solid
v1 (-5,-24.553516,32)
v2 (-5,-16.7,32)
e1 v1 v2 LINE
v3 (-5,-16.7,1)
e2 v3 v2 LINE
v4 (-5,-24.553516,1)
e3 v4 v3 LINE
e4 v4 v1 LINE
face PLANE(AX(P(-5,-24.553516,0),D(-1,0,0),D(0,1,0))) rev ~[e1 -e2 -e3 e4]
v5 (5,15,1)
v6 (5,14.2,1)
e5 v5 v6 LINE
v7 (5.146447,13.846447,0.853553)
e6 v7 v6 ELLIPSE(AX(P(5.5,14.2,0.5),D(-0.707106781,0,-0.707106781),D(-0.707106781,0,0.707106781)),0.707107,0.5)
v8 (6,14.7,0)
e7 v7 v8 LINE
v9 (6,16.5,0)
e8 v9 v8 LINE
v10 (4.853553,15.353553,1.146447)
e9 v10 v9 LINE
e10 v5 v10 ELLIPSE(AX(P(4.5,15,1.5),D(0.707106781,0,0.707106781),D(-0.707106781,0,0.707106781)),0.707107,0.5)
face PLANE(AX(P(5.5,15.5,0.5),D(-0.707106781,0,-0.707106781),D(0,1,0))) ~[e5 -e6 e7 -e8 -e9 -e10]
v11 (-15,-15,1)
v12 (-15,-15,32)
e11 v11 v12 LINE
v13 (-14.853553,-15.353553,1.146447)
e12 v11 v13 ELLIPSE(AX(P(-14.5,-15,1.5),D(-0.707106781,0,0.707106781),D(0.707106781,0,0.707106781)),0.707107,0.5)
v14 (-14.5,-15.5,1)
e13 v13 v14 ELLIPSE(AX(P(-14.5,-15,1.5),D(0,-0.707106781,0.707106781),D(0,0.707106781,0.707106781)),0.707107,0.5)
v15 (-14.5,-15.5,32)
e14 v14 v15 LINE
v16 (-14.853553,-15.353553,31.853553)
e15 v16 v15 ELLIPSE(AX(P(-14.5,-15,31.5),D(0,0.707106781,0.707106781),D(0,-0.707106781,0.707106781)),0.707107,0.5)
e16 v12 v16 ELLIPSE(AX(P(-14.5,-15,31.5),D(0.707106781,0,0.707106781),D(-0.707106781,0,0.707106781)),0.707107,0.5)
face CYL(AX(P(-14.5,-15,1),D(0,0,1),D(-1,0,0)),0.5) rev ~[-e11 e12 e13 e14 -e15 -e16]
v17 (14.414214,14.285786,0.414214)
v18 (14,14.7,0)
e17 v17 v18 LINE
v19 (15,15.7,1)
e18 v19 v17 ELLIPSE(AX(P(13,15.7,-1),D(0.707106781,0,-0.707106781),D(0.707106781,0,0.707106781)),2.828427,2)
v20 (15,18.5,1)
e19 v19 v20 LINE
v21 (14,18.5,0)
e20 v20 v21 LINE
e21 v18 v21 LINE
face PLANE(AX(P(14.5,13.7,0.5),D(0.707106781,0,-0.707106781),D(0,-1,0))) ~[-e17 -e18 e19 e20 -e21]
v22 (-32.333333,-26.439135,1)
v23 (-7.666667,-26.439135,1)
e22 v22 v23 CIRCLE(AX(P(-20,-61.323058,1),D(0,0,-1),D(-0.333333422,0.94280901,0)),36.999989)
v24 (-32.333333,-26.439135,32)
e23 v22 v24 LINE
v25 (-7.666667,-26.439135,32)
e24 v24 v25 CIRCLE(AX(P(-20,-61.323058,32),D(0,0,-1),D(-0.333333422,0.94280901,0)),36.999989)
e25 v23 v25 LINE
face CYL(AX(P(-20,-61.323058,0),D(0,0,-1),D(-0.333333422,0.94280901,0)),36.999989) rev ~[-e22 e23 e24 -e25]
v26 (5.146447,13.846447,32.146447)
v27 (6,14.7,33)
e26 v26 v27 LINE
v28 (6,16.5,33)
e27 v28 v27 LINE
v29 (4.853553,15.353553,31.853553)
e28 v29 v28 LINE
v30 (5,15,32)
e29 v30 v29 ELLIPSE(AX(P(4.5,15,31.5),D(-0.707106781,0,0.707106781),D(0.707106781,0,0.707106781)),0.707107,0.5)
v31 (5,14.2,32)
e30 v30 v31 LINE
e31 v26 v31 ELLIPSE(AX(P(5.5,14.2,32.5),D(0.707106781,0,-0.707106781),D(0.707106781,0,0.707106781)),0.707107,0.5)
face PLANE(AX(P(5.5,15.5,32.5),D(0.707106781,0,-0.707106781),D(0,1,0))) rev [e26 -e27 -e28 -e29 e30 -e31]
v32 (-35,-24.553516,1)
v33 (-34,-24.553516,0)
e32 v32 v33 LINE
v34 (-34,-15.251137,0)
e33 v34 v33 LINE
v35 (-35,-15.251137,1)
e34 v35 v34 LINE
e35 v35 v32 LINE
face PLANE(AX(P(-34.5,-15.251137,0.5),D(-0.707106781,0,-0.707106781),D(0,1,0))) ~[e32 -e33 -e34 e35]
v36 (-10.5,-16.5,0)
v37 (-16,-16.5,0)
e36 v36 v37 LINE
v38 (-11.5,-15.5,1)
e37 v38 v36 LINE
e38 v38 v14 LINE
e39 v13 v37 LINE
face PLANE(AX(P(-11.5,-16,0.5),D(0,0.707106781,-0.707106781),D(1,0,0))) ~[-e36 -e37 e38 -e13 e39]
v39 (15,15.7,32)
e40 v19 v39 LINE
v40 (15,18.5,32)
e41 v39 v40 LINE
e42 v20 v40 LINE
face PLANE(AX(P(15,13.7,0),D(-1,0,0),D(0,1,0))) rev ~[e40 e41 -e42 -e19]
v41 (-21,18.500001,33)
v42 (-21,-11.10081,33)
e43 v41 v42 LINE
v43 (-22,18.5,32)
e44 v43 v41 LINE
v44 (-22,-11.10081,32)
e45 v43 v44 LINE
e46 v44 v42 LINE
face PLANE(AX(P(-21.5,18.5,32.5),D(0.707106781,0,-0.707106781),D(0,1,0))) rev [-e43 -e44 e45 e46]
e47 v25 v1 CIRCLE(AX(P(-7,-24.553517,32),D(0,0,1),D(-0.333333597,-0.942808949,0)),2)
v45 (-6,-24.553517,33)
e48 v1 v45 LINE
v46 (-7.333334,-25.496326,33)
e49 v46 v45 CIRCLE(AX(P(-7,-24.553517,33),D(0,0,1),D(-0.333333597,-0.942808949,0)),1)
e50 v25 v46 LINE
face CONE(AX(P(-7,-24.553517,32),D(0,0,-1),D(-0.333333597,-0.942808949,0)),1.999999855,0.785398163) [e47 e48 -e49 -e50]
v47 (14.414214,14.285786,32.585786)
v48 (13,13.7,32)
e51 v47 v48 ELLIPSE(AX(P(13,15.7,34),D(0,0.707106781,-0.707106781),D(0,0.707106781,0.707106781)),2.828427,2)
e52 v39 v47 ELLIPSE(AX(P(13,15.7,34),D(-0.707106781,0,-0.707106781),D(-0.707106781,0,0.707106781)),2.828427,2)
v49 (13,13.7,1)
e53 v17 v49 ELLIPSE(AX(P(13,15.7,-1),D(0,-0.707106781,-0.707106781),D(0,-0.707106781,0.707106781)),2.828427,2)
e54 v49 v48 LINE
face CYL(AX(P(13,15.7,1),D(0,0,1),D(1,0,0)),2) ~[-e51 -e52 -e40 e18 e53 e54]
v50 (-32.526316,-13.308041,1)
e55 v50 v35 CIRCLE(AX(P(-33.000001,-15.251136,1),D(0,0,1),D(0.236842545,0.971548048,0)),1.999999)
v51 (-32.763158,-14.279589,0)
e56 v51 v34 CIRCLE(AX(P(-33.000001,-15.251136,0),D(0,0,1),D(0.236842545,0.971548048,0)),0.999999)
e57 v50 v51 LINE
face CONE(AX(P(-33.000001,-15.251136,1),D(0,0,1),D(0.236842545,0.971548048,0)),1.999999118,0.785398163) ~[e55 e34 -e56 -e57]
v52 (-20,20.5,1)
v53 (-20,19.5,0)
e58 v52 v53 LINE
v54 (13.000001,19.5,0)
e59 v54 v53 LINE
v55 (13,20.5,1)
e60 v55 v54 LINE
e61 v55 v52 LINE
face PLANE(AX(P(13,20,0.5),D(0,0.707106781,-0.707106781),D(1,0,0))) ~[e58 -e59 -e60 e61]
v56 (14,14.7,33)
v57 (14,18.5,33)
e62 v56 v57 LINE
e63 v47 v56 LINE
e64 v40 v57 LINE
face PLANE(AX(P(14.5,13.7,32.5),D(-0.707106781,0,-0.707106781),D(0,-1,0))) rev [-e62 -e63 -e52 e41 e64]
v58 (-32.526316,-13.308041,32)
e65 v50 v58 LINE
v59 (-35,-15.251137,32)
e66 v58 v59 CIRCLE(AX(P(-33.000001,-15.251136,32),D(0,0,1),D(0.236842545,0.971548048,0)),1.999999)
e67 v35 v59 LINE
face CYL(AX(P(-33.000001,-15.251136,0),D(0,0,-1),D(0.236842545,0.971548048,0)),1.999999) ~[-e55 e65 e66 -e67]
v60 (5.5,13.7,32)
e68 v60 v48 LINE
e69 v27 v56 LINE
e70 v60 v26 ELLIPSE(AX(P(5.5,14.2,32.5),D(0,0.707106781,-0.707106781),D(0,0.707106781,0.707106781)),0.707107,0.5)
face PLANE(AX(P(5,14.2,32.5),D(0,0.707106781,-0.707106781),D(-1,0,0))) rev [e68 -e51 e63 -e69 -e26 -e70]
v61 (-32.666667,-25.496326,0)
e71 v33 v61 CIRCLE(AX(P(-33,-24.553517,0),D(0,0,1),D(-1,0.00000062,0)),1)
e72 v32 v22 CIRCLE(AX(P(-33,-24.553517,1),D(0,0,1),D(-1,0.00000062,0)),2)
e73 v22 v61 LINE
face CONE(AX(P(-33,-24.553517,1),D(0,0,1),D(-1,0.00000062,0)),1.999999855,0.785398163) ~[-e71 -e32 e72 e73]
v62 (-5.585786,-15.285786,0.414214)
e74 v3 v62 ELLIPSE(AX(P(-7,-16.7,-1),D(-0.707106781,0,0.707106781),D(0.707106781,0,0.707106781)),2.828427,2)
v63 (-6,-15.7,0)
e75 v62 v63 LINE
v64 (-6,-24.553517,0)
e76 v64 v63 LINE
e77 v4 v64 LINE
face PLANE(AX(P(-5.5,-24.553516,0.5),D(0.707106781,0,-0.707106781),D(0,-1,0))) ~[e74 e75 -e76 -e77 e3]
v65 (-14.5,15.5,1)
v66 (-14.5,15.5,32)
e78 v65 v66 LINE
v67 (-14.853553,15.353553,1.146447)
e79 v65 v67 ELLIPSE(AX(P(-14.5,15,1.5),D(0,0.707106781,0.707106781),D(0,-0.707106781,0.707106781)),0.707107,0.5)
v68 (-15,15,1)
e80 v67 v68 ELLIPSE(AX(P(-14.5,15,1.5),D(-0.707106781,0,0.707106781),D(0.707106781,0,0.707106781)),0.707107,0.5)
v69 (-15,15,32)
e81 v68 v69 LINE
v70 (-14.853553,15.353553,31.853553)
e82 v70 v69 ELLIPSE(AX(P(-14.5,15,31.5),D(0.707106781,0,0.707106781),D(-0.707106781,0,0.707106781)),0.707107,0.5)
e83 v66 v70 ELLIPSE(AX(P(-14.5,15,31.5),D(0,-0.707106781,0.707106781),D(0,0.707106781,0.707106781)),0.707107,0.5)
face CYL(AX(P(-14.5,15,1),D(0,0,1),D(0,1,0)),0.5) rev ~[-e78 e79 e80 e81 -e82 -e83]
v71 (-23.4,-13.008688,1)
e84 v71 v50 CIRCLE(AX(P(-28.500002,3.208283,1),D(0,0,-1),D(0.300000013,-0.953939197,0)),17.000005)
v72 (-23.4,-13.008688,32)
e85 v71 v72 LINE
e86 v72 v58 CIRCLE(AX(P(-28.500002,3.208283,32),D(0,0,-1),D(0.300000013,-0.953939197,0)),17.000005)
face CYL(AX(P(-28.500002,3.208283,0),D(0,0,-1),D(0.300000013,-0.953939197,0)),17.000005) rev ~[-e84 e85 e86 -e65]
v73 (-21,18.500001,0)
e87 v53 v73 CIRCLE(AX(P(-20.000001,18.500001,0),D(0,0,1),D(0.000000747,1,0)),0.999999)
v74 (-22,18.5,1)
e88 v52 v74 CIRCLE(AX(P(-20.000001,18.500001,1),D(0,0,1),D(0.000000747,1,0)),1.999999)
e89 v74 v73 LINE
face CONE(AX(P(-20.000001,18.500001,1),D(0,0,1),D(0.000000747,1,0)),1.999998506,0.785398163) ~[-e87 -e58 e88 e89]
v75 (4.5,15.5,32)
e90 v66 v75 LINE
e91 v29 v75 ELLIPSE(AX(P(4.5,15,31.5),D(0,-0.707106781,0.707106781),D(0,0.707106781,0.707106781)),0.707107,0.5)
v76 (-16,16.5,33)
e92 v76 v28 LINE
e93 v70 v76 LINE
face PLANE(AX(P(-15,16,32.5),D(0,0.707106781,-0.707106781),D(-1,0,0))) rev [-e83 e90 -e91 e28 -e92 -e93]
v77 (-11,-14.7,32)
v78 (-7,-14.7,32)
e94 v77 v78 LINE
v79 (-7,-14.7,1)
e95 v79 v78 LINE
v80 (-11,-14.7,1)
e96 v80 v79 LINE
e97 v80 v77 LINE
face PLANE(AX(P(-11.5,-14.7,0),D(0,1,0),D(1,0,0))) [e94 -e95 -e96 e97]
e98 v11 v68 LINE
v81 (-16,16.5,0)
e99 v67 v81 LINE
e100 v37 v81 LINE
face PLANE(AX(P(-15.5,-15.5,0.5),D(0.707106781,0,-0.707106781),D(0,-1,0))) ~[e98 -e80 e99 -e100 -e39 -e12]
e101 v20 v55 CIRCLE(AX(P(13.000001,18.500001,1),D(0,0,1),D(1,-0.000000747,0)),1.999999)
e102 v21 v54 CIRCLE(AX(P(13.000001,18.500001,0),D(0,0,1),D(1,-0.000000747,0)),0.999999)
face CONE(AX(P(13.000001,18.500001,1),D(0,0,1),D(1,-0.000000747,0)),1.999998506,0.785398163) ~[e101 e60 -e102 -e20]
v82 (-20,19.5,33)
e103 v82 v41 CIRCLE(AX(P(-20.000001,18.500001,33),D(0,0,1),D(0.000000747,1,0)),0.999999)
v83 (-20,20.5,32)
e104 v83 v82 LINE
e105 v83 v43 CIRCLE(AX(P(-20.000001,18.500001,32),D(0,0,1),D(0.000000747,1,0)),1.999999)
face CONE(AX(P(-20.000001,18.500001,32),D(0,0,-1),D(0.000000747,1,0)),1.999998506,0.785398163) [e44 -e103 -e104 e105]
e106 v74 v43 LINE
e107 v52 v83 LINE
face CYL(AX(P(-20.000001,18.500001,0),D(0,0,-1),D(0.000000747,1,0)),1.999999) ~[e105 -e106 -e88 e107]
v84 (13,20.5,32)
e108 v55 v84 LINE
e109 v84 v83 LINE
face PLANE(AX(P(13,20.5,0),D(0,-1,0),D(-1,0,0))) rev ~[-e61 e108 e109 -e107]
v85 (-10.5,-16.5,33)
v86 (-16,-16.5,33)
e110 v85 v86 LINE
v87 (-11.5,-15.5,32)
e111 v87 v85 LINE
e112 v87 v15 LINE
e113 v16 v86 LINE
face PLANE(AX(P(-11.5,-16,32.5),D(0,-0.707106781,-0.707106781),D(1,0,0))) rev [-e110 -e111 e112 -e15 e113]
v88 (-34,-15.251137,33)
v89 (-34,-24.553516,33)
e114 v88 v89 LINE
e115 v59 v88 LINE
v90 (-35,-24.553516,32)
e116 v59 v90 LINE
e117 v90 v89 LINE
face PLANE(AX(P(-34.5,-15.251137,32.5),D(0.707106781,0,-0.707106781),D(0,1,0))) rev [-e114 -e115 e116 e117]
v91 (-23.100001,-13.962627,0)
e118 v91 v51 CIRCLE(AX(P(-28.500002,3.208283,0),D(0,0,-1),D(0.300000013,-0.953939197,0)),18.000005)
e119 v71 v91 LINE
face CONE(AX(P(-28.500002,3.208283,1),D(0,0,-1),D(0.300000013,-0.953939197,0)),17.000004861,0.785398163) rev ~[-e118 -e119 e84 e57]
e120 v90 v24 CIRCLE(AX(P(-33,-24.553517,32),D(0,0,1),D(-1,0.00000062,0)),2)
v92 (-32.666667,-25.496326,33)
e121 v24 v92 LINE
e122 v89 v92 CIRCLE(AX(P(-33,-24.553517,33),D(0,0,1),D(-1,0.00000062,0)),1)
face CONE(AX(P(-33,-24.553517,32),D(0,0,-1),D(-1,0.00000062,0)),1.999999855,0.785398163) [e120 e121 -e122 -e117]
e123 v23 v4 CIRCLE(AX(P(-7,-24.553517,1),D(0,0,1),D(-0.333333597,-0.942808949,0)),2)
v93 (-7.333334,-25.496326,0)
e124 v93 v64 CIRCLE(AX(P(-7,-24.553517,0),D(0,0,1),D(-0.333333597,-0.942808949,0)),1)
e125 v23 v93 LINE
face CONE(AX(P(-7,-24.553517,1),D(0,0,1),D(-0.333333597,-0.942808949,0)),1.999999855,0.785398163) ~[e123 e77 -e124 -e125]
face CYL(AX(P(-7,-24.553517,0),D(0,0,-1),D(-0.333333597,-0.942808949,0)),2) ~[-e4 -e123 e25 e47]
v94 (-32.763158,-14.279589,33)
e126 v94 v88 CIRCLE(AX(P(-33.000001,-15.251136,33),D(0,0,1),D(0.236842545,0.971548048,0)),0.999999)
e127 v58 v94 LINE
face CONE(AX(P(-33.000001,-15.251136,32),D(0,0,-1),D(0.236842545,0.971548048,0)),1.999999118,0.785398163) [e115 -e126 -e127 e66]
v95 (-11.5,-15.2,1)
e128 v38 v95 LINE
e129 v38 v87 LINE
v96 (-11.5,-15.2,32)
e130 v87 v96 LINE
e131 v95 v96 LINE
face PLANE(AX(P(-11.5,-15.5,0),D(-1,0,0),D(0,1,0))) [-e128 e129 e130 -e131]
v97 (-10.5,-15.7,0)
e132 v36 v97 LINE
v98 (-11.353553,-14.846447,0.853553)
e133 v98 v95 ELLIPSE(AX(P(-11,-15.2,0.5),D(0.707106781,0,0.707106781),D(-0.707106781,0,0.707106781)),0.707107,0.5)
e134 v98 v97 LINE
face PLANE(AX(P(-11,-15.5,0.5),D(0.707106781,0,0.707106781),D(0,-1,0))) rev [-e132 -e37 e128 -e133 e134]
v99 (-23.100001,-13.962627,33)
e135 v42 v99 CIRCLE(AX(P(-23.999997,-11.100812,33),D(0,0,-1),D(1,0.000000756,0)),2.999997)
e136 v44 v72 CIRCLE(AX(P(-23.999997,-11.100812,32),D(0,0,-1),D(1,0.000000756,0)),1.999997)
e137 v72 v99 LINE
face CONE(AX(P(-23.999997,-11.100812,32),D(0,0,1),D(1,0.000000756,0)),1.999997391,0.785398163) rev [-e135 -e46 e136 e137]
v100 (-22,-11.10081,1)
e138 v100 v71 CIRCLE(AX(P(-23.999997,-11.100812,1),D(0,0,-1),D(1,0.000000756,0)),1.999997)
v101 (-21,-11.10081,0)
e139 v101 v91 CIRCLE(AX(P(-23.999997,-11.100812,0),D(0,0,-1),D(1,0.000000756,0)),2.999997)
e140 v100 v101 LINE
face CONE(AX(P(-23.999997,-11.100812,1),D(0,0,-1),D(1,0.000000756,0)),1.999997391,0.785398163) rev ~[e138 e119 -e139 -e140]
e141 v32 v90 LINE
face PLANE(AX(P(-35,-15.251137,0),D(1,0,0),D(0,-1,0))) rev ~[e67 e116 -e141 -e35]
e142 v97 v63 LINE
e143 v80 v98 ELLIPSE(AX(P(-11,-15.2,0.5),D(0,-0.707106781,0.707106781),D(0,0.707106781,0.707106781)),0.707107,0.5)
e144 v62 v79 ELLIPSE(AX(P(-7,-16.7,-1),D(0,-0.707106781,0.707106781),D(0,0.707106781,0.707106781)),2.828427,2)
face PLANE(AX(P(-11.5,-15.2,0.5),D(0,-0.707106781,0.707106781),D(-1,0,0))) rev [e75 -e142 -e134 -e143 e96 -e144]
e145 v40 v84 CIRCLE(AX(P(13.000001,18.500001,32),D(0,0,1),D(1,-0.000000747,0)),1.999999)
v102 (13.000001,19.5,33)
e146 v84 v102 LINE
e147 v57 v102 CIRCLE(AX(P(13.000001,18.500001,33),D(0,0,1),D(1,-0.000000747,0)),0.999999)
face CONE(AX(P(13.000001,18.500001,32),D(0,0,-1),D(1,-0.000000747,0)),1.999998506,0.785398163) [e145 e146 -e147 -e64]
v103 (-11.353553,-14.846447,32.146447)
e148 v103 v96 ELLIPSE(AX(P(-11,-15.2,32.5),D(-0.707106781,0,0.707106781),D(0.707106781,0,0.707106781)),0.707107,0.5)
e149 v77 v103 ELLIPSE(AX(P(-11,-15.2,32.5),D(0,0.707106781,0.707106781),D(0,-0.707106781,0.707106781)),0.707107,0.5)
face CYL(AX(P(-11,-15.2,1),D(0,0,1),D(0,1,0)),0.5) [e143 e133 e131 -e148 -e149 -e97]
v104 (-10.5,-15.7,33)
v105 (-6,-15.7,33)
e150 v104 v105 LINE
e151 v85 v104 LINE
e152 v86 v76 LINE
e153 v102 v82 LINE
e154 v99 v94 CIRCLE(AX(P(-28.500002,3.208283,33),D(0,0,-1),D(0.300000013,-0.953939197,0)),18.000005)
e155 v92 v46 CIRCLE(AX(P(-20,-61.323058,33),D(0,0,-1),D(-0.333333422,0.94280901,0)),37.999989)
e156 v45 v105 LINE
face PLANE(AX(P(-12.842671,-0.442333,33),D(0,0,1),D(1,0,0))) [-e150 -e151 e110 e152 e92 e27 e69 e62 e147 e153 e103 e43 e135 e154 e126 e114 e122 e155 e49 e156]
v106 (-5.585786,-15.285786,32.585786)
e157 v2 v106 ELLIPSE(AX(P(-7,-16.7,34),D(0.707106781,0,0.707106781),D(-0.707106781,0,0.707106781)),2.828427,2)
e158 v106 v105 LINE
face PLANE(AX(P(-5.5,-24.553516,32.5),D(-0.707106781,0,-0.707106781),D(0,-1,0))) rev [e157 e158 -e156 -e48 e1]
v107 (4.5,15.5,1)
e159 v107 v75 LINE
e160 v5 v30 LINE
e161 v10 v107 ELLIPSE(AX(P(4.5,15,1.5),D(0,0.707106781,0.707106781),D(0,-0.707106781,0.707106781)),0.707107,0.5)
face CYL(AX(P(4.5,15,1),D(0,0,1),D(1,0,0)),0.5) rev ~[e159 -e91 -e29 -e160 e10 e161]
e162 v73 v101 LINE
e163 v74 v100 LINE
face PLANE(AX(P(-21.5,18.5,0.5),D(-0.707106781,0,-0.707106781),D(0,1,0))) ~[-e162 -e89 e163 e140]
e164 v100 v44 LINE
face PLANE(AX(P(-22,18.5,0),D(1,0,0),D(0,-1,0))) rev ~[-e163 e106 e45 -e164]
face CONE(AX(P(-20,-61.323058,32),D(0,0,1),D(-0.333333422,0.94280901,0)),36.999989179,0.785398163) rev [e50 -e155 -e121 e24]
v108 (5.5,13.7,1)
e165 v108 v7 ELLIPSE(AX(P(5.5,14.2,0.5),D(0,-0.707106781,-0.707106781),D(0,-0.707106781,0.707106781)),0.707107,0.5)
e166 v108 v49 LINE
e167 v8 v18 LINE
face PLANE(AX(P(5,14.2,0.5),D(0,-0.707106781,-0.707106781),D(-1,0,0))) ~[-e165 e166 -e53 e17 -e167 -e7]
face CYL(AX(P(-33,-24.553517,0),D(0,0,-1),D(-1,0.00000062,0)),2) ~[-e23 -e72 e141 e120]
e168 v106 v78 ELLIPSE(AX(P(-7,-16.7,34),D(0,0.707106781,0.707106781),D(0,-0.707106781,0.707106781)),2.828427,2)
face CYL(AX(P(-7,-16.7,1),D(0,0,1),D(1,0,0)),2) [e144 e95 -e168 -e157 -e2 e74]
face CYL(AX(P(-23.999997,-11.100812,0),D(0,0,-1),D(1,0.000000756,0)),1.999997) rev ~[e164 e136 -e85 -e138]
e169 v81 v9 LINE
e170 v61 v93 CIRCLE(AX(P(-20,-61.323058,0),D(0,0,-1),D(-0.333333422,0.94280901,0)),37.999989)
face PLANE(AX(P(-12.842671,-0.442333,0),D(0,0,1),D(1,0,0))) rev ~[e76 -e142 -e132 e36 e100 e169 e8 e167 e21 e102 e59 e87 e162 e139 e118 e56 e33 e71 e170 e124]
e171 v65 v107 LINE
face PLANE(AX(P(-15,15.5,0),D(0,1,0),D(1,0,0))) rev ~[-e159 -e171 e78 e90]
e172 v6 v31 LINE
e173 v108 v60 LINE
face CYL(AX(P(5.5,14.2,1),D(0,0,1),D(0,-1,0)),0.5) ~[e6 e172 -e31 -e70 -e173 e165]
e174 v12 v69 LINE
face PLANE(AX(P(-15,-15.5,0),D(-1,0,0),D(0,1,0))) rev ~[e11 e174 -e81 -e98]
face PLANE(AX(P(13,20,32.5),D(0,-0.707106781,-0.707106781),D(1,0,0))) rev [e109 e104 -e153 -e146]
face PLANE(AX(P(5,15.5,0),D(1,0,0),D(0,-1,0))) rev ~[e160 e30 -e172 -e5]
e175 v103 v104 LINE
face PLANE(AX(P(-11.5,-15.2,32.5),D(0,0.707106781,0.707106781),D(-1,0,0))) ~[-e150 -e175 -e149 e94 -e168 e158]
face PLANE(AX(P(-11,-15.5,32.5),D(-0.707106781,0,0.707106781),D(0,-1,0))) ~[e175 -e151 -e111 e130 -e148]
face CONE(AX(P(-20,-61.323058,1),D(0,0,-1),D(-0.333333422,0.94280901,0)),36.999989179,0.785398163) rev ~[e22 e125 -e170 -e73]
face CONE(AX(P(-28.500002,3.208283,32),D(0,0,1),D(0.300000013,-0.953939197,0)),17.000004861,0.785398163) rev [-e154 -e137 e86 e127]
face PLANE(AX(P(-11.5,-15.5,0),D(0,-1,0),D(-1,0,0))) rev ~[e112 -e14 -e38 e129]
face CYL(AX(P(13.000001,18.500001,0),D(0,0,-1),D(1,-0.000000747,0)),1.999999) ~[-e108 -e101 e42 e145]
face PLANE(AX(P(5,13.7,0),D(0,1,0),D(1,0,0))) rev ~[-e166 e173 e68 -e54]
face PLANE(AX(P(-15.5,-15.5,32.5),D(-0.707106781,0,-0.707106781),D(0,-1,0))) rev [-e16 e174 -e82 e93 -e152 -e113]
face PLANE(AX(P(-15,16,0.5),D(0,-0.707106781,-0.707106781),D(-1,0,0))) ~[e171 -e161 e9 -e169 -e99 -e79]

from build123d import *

# Parameters (mm, degrees)
F0_W     = 6.5
F0_H     = 0.8
F1_DEPTH = 33
F2_SIZE  = 1
F3_R     = 2
F4_R     = 0.5


with BuildPart() as f1:
    # F0 (on Top) → F1 (new body)
    with BuildSketch(Plane.XY):
        with BuildLine():
            Line((-5, -24.553516), (-5, -15.5))
            Line((-5, -15.5), (-11.5, -15.5))
            Line((-11.5, -15.5), (-15, -15.5))
            Line((-15, -15.5), (-15, 15.5))
            Line((-15, 15.5), (5, 15.5))
            Line((5, 15.5), (5, 13.7))
            Line((5, 13.7), (15, 13.7))
            Line((15, 13.7), (15, 15.5))
            Line((15, 15.5), (15, 18.5))
            ThreePointArc((15, 18.5), (14.414214, 19.914214), (13, 20.5))
            Line((13, 20.5), (-20, 20.5))
            ThreePointArc((-20, 20.5), (-21.414214, 19.914214), (-22, 18.5))
            Line((-22, 18.5), (-22, -11.10081))
            ThreePointArc((-22, -11.10081), (-22.387548, -12.284026), (-23.4, -13.008688))
            ThreePointArc((-23.4, -13.008688), (-27.942683, -13.782584), (-32.526316, -13.308041))
            ThreePointArc((-32.526316, -13.308041), (-34.235442, -13.678342), (-35, -15.251137))
            Line((-35, -15.251137), (-35, -18.432774))
            Line((-35, -18.432774), (-35, -24.553516))
            ThreePointArc((-35, -24.553516), (-34.154701, -26.18651), (-32.333333, -26.439135))
            ThreePointArc((-32.333333, -26.439135), (-20, -24.323069), (-7.666667, -26.439135))
            ThreePointArc((-7.666667, -26.439135), (-5.845299, -26.18651), (-5, -24.553516))
        make_face()
        with Locations((-8.25, -15.1)):
            Rectangle(F0_W, F0_H)
    extrude(amount=F1_DEPTH)

    # F2
    f2_edges = [f1.edges().sort_by_distance(p)[0] for p in [
        (-20, -24.323069, 33),
        (-5.845299, -26.18651, 33),
        (-5, -19.626758, 33),
        (-8.25, -14.7, 33),
        (-11.5, -15.1, 33),
        (-13.25, -15.5, 33),
        (-15, 0, 33),
        (-5, 15.5, 33),
        (5, 14.6, 33),
        (10, 13.7, 33),
        (15, 16.1, 33),
        (14.414214, 19.914214, 33),
        (-3.5, 20.5, 33),
        (-21.414214, 19.914214, 33),
        (-22, 3.699595, 33),
        (-22.387548, -12.284026, 33),
        (-27.942683, -13.782584, 33),
        (-34.235442, -13.678342, 33),
        (-35, -19.902327, 33),
        (-34.154701, -26.18651, 33),
        (-20, -24.323069, 0),
        (-5.845299, -26.18651, 0),
        (-5, -19.626758, 0),
        (-8.25, -14.7, 0),
        (-11.5, -15.1, 0),
        (-13.25, -15.5, 0),
        (-15, 0, 0),
        (-5, 15.5, 0),
        (5, 14.6, 0),
        (10, 13.7, 0),
        (15, 16.1, 0),
        (14.414214, 19.914214, 0),
        (-3.5, 20.5, 0),
        (-21.414214, 19.914214, 0),
        (-22, 3.699595, 0),
        (-22.387548, -12.284026, 0),
        (-27.942683, -13.782584, 0),
        (-34.235442, -13.678342, 0),
        (-35, -19.902327, 0),
        (-34.154701, -26.18651, 0),
    ]]
    chamfer(f2_edges, length=F2_SIZE)

    # F3
    f3_edges = [f1.edges().sort_by_distance(p)[0] for p in [
        (-5, -14.7, 16.5),
        (15, 13.7, 16.5),
    ]]
    fillet(f3_edges, radius=F3_R)

    # F4
    f4_edges = [f1.edges().sort_by_distance(p)[0] for p in [
        (-11.5, -14.7, 16.5),
        (-15, -15.5, 16.5),
        (-15, 15.5, 16.5),
        (5, 13.7, 16.5),
        (5, 15.5, 16.5),
    ]]
    fillet(f4_edges, radius=F4_R)


solid = f1.part
